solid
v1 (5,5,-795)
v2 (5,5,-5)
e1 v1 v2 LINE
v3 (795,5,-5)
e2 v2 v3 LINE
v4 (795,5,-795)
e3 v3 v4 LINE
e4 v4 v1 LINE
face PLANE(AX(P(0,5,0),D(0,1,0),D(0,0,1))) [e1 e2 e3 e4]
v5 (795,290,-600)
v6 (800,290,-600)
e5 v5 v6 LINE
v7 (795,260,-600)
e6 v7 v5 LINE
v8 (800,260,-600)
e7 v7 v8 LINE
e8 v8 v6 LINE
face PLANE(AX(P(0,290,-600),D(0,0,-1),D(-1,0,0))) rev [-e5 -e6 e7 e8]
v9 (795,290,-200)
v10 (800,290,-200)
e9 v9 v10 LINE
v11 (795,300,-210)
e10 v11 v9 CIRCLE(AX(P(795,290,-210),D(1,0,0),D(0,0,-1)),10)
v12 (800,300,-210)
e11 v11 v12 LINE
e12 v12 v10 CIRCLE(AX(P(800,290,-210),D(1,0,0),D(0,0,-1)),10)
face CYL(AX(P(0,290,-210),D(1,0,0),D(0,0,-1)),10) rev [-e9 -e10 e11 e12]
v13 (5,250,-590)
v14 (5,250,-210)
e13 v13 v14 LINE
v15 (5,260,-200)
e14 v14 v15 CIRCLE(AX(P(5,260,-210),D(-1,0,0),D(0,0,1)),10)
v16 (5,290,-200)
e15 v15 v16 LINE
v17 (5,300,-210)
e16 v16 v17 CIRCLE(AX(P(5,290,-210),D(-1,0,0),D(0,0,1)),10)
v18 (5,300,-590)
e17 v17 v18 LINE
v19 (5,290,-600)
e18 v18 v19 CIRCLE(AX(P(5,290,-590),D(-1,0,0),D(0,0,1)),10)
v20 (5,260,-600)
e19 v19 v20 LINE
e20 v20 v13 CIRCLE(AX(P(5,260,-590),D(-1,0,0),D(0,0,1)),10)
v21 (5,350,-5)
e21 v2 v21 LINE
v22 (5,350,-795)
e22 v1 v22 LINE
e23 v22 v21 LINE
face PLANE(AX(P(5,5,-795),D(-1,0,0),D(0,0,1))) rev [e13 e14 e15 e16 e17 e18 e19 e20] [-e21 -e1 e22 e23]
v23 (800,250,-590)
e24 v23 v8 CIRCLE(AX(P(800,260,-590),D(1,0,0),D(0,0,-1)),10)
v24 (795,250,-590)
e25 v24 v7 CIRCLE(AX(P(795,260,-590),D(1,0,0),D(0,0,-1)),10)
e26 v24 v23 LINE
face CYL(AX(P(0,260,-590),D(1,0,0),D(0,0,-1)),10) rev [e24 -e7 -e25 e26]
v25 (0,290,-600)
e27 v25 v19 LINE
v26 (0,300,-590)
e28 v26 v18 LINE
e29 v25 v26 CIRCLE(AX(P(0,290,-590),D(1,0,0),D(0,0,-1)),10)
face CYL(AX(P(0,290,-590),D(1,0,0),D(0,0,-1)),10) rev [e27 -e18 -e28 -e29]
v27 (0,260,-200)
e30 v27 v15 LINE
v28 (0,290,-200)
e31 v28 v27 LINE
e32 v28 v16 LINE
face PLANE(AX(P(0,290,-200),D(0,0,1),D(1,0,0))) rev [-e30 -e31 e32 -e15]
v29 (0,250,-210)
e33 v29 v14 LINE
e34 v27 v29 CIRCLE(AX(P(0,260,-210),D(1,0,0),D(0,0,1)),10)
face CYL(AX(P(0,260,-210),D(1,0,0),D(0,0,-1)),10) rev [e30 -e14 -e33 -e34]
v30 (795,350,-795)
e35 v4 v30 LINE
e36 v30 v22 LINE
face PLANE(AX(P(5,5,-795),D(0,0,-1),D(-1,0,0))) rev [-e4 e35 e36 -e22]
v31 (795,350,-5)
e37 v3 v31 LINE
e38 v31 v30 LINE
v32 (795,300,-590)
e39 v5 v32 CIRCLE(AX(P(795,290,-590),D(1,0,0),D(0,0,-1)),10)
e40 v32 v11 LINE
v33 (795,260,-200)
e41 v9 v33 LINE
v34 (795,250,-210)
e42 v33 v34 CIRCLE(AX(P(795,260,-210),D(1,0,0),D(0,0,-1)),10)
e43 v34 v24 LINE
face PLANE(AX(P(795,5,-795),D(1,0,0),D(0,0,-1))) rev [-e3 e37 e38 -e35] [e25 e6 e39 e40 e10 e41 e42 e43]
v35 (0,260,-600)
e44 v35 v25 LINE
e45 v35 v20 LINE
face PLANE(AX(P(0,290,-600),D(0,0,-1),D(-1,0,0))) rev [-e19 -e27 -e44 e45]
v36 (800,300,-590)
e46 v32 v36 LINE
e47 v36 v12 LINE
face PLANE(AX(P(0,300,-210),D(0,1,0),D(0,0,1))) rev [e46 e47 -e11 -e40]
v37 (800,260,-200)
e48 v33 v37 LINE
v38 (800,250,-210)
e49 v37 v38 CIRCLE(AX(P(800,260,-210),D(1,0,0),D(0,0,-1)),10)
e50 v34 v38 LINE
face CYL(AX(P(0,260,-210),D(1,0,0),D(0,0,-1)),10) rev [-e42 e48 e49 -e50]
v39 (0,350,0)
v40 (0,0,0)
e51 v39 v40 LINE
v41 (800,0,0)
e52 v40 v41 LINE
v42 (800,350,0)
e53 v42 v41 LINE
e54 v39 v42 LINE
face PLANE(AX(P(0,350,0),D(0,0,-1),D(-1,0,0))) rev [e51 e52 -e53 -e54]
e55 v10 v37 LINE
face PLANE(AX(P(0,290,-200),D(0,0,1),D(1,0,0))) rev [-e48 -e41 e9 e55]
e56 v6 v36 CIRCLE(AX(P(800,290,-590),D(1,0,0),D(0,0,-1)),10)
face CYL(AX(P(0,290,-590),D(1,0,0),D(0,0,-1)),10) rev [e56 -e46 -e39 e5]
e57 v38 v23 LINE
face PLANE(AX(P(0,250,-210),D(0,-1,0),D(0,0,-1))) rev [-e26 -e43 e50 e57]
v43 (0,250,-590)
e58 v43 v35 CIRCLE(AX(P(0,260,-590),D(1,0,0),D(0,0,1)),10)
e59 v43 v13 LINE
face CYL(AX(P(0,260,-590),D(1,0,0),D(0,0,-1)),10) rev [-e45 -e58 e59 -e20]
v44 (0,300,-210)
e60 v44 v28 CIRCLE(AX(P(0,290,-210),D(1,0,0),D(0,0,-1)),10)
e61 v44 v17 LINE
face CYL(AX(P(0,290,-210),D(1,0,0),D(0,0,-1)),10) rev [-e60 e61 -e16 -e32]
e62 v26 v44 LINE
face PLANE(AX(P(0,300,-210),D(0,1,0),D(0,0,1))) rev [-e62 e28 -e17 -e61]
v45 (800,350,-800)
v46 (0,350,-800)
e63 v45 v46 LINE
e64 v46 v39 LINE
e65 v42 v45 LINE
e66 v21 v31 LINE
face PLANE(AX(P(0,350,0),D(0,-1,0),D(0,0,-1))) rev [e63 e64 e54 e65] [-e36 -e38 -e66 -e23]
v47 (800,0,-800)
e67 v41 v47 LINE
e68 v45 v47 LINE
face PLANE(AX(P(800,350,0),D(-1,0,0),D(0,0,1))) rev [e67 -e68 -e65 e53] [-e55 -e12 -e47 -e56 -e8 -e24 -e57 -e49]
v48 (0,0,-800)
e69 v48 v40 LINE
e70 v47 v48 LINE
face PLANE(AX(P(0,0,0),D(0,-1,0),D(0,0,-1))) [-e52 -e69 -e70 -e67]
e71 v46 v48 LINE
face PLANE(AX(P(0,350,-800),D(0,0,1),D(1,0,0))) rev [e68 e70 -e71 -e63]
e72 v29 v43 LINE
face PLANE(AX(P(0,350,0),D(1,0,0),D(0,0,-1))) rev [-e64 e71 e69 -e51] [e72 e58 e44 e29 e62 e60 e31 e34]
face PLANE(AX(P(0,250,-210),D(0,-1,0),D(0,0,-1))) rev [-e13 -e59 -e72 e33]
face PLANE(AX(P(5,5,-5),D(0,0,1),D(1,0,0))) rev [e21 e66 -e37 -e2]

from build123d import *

# Parameters (mm, degrees)
SKIZZE1_W                            = 800
SKIZZE1_H                            = 800
AUFSATZ_LINEAR_AUSTRAGEN1_DEPTH      = 350
SKIZZE2_W                            = 790
SKIZZE2_H                            = 790
SCHNITT_LINEAR_AUSTRAGEN1_DEPTH      = 345
SCHNITT_LINEAR_AUSTRAGEN2_DEPTH      = 1185.271928233
SCHNITT_LINEAR_AUSTRAGEN2_DEPTH_BACK = 1185.271928233


with BuildPart() as part:
    # Skizze1 → Aufsatz-Linear austragen1 (new body)
    with BuildSketch(Plane(origin=(0, 0, 0), x_dir=(1, 0, 0), z_dir=(0, 1, 0))):
        with Locations((400, 400)):
            Rectangle(SKIZZE1_W, SKIZZE1_H)
    extrude(amount=AUFSATZ_LINEAR_AUSTRAGEN1_DEPTH)

    # Skizze2 → Schnitt-Linear austragen1 (cut)
    with BuildSketch(Plane(origin=(0, 350, 0), x_dir=(1, 0, 0), z_dir=(0, 1, 0))):
        with Locations((400, 400)):
            Rectangle(SKIZZE2_W, SKIZZE2_H)
    extrude(amount=-SCHNITT_LINEAR_AUSTRAGEN1_DEPTH, mode=Mode.SUBTRACT)

    # Skizze3 → Schnitt-Linear austragen2 (cut, two sides: drawn at the far end of the back side and taken through both)
    with BuildSketch(Plane(origin=(800, 0, 0), x_dir=(0, 0, -1), z_dir=(1, 0, 0)).offset(-SCHNITT_LINEAR_AUSTRAGEN2_DEPTH_BACK)):
        with BuildLine():
            Line((210, 300), (590, 300))
            ThreePointArc((590, 300), (597.071067812, 297.071067812), (600, 290))
            Line((600, 290), (600, 260))
            ThreePointArc((600, 260), (597.071067812, 252.928932188), (590, 250))
            Line((590, 250), (210, 250))
            ThreePointArc((210, 250), (202.928932188, 252.928932188), (200, 260))
            Line((200, 260), (200, 290))
            ThreePointArc((200, 290), (202.928932188, 297.071067812), (210, 300))
        make_face()
    extrude(amount=SCHNITT_LINEAR_AUSTRAGEN2_DEPTH + SCHNITT_LINEAR_AUSTRAGEN2_DEPTH_BACK, mode=Mode.SUBTRACT)


solid = part.part
